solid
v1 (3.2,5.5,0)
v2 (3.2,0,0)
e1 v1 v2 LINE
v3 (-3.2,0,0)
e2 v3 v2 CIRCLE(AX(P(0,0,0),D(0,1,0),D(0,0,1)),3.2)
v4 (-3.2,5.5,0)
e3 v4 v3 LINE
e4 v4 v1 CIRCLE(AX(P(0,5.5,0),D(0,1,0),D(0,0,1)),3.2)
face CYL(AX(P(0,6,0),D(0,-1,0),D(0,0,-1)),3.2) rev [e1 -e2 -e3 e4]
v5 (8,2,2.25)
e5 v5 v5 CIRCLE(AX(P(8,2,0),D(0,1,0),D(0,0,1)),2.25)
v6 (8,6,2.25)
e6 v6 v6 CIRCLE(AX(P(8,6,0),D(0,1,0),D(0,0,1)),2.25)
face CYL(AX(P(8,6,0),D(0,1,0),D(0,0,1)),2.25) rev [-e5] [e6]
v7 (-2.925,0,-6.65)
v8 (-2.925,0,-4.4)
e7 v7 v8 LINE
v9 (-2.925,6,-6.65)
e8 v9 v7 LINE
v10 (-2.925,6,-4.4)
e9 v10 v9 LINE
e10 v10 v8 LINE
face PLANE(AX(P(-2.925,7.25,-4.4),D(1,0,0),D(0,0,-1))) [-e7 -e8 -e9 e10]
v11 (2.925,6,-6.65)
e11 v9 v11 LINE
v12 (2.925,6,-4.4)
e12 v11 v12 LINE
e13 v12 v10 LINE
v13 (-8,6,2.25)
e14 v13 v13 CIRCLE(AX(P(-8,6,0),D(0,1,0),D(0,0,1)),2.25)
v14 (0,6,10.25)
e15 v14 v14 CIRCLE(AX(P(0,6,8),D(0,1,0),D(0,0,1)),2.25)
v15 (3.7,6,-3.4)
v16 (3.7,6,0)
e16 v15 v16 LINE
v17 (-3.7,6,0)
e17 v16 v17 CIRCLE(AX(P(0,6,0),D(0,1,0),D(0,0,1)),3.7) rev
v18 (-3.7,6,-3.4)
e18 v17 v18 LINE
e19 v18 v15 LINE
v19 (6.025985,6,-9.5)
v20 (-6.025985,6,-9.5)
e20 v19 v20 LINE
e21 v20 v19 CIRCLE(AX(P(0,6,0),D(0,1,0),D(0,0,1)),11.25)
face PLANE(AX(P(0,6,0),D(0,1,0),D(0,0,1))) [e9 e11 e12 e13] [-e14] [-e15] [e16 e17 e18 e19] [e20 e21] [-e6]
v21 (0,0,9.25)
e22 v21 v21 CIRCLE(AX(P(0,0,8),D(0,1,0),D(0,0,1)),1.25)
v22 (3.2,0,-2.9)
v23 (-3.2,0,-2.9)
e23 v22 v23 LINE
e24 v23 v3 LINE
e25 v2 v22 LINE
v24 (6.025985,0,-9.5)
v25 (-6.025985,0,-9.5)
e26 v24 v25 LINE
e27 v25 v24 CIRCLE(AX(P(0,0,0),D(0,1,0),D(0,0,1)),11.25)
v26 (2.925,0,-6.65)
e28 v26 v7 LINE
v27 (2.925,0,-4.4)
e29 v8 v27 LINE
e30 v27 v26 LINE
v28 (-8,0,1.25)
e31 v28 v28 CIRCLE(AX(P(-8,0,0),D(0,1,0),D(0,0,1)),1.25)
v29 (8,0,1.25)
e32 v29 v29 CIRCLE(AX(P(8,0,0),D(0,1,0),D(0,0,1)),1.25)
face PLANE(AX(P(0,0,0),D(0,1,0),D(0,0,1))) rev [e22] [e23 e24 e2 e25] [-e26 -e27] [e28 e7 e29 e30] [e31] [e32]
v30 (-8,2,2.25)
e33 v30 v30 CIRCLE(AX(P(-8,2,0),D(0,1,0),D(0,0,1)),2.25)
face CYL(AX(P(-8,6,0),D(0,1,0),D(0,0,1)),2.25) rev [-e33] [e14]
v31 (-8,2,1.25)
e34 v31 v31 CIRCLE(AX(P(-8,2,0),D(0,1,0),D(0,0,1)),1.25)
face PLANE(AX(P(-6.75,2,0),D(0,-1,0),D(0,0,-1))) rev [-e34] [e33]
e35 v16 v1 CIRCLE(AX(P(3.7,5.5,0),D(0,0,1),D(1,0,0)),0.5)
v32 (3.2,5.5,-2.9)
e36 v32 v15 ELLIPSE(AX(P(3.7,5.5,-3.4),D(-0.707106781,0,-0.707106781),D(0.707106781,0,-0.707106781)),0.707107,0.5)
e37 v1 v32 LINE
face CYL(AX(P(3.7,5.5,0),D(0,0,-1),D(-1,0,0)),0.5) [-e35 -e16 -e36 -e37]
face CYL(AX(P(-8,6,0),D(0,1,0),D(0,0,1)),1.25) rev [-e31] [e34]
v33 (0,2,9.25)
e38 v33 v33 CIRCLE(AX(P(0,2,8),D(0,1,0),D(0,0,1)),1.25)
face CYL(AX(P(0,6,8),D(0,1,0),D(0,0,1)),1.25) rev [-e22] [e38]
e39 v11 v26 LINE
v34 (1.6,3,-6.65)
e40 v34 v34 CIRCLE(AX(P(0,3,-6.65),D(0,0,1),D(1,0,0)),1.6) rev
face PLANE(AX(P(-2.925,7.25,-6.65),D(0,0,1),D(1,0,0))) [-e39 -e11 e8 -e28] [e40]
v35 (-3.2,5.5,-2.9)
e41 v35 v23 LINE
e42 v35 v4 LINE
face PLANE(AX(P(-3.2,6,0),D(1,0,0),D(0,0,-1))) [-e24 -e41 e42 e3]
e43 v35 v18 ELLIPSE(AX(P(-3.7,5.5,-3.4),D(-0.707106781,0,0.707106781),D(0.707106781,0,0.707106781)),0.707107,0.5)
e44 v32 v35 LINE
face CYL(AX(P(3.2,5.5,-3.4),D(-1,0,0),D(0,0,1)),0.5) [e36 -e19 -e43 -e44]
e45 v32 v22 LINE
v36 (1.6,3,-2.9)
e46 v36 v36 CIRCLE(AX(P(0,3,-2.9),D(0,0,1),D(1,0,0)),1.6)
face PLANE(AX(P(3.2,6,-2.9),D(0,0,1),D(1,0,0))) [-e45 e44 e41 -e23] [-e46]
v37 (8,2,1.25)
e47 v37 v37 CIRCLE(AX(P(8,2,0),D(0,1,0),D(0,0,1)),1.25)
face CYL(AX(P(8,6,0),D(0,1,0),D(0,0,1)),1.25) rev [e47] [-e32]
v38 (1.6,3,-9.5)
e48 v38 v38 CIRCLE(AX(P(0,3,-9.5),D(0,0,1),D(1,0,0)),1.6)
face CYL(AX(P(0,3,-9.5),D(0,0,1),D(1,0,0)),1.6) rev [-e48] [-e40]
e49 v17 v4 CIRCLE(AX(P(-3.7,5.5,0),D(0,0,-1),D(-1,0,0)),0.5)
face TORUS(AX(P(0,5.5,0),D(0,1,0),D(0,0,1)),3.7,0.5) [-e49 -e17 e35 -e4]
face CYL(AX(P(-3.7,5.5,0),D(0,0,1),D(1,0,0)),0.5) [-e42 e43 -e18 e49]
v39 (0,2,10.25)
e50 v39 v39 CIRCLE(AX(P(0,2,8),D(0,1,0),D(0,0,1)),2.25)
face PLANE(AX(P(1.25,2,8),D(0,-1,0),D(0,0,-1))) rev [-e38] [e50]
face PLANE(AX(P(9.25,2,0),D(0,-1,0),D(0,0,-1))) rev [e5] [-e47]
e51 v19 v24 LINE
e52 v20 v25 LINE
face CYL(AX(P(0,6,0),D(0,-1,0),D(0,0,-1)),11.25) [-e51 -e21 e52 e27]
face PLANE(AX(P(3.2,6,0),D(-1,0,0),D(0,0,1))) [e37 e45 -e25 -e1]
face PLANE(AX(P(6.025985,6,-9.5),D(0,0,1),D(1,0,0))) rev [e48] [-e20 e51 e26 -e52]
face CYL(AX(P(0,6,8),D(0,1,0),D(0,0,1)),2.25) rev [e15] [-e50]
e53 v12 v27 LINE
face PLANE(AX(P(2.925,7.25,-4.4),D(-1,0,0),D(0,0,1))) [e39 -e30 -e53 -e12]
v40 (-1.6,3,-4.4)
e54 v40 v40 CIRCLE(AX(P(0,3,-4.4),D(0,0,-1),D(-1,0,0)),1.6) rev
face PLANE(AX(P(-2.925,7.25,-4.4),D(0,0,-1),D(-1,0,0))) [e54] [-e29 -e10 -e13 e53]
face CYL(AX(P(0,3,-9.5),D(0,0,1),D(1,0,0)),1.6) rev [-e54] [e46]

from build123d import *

# Parameters (mm, degrees)
BOSS_EXTRU_1_DEPTH             = 6
CBORE_FOR_M2_SHCS1_D           = 2.5
CBORE_FOR_M2_SHCS1_CBORE_D     = 4.5
CBORE_FOR_M2_SHCS1_CBORE_DEPTH = 4
CONG_1_R                       = 0.5
ESQUISSE6_R                    = 1.6
ENL_V_MAT_EXTRU_1_DEPTH        = 18.003676108
ESQUISSE7_W                    = 5.85
ESQUISSE7_H                    = 2.25
ENL_V_MAT_EXTRU_2_DEPTH        = 7.25


with BuildPart() as part:
    # Esquisse1 → Boss.-Extru.1 (new body)
    with BuildSketch(Plane(origin=(0, 0, 0), x_dir=(1, 0, 0), z_dir=(0, 1, 0))):
        with BuildLine():
            Line((6.025985397, 9.5), (-6.025985397, 9.5))
            ThreePointArc((-6.025985397, 9.5), (0, -11.25), (6.025985397, 9.5))
        make_face()
        with BuildLine():
            Line((-3.2, 0), (-3.2, 2.9))
            Line((-3.2, 2.9), (3.2, 2.9))
            Line((3.2, 2.9), (3.2, 0))
            ThreePointArc((3.2, 0), (0, -3.2), (-3.2, 0))
        make_face(mode=Mode.SUBTRACT)
    extrude(amount=BOSS_EXTRU_1_DEPTH)

    # CBORE for M2 SHCS1 (through all)
    with Locations(Plane(origin=(0, 6, 0), x_dir=(1, 0, 0), z_dir=(0, 1, 0))):
        with Locations((8, 0), (-8, 0), (0, 0), (0, -8)):
            CounterBoreHole(CBORE_FOR_M2_SHCS1_D / 2, CBORE_FOR_M2_SHCS1_CBORE_D / 2, CBORE_FOR_M2_SHCS1_CBORE_DEPTH)

    # Congé1
    cong_1_edges = [part.edges().sort_by_distance(p)[0] for p in [
        (0, 6, 3.2),
        (3.2, 6, -1.45),
        (0, 6, -2.9),
        (-3.2, 6, -1.45),
    ]]
    fillet(cong_1_edges, radius=CONG_1_R)

    # Esquisse6 → Enlèv. mat.-Extru.1 (cut, through all)
    with BuildSketch(Plane.XY):
        with Locations((0, 3)):
            Circle(ESQUISSE6_R)
    extrude(amount=-ENL_V_MAT_EXTRU_1_DEPTH, mode=Mode.SUBTRACT)

    # Esquisse7 → Enlèv. mat.-Extru.2 (cut)
    with BuildSketch(Plane(origin=(0, 0, 0), x_dir=(1, 0, 0), z_dir=(0, 1, 0))):
        with Locations((0, 5.525)):
            Rectangle(ESQUISSE7_W, ESQUISSE7_H)
    extrude(amount=ENL_V_MAT_EXTRU_2_DEPTH, mode=Mode.SUBTRACT)


solid = part.part
